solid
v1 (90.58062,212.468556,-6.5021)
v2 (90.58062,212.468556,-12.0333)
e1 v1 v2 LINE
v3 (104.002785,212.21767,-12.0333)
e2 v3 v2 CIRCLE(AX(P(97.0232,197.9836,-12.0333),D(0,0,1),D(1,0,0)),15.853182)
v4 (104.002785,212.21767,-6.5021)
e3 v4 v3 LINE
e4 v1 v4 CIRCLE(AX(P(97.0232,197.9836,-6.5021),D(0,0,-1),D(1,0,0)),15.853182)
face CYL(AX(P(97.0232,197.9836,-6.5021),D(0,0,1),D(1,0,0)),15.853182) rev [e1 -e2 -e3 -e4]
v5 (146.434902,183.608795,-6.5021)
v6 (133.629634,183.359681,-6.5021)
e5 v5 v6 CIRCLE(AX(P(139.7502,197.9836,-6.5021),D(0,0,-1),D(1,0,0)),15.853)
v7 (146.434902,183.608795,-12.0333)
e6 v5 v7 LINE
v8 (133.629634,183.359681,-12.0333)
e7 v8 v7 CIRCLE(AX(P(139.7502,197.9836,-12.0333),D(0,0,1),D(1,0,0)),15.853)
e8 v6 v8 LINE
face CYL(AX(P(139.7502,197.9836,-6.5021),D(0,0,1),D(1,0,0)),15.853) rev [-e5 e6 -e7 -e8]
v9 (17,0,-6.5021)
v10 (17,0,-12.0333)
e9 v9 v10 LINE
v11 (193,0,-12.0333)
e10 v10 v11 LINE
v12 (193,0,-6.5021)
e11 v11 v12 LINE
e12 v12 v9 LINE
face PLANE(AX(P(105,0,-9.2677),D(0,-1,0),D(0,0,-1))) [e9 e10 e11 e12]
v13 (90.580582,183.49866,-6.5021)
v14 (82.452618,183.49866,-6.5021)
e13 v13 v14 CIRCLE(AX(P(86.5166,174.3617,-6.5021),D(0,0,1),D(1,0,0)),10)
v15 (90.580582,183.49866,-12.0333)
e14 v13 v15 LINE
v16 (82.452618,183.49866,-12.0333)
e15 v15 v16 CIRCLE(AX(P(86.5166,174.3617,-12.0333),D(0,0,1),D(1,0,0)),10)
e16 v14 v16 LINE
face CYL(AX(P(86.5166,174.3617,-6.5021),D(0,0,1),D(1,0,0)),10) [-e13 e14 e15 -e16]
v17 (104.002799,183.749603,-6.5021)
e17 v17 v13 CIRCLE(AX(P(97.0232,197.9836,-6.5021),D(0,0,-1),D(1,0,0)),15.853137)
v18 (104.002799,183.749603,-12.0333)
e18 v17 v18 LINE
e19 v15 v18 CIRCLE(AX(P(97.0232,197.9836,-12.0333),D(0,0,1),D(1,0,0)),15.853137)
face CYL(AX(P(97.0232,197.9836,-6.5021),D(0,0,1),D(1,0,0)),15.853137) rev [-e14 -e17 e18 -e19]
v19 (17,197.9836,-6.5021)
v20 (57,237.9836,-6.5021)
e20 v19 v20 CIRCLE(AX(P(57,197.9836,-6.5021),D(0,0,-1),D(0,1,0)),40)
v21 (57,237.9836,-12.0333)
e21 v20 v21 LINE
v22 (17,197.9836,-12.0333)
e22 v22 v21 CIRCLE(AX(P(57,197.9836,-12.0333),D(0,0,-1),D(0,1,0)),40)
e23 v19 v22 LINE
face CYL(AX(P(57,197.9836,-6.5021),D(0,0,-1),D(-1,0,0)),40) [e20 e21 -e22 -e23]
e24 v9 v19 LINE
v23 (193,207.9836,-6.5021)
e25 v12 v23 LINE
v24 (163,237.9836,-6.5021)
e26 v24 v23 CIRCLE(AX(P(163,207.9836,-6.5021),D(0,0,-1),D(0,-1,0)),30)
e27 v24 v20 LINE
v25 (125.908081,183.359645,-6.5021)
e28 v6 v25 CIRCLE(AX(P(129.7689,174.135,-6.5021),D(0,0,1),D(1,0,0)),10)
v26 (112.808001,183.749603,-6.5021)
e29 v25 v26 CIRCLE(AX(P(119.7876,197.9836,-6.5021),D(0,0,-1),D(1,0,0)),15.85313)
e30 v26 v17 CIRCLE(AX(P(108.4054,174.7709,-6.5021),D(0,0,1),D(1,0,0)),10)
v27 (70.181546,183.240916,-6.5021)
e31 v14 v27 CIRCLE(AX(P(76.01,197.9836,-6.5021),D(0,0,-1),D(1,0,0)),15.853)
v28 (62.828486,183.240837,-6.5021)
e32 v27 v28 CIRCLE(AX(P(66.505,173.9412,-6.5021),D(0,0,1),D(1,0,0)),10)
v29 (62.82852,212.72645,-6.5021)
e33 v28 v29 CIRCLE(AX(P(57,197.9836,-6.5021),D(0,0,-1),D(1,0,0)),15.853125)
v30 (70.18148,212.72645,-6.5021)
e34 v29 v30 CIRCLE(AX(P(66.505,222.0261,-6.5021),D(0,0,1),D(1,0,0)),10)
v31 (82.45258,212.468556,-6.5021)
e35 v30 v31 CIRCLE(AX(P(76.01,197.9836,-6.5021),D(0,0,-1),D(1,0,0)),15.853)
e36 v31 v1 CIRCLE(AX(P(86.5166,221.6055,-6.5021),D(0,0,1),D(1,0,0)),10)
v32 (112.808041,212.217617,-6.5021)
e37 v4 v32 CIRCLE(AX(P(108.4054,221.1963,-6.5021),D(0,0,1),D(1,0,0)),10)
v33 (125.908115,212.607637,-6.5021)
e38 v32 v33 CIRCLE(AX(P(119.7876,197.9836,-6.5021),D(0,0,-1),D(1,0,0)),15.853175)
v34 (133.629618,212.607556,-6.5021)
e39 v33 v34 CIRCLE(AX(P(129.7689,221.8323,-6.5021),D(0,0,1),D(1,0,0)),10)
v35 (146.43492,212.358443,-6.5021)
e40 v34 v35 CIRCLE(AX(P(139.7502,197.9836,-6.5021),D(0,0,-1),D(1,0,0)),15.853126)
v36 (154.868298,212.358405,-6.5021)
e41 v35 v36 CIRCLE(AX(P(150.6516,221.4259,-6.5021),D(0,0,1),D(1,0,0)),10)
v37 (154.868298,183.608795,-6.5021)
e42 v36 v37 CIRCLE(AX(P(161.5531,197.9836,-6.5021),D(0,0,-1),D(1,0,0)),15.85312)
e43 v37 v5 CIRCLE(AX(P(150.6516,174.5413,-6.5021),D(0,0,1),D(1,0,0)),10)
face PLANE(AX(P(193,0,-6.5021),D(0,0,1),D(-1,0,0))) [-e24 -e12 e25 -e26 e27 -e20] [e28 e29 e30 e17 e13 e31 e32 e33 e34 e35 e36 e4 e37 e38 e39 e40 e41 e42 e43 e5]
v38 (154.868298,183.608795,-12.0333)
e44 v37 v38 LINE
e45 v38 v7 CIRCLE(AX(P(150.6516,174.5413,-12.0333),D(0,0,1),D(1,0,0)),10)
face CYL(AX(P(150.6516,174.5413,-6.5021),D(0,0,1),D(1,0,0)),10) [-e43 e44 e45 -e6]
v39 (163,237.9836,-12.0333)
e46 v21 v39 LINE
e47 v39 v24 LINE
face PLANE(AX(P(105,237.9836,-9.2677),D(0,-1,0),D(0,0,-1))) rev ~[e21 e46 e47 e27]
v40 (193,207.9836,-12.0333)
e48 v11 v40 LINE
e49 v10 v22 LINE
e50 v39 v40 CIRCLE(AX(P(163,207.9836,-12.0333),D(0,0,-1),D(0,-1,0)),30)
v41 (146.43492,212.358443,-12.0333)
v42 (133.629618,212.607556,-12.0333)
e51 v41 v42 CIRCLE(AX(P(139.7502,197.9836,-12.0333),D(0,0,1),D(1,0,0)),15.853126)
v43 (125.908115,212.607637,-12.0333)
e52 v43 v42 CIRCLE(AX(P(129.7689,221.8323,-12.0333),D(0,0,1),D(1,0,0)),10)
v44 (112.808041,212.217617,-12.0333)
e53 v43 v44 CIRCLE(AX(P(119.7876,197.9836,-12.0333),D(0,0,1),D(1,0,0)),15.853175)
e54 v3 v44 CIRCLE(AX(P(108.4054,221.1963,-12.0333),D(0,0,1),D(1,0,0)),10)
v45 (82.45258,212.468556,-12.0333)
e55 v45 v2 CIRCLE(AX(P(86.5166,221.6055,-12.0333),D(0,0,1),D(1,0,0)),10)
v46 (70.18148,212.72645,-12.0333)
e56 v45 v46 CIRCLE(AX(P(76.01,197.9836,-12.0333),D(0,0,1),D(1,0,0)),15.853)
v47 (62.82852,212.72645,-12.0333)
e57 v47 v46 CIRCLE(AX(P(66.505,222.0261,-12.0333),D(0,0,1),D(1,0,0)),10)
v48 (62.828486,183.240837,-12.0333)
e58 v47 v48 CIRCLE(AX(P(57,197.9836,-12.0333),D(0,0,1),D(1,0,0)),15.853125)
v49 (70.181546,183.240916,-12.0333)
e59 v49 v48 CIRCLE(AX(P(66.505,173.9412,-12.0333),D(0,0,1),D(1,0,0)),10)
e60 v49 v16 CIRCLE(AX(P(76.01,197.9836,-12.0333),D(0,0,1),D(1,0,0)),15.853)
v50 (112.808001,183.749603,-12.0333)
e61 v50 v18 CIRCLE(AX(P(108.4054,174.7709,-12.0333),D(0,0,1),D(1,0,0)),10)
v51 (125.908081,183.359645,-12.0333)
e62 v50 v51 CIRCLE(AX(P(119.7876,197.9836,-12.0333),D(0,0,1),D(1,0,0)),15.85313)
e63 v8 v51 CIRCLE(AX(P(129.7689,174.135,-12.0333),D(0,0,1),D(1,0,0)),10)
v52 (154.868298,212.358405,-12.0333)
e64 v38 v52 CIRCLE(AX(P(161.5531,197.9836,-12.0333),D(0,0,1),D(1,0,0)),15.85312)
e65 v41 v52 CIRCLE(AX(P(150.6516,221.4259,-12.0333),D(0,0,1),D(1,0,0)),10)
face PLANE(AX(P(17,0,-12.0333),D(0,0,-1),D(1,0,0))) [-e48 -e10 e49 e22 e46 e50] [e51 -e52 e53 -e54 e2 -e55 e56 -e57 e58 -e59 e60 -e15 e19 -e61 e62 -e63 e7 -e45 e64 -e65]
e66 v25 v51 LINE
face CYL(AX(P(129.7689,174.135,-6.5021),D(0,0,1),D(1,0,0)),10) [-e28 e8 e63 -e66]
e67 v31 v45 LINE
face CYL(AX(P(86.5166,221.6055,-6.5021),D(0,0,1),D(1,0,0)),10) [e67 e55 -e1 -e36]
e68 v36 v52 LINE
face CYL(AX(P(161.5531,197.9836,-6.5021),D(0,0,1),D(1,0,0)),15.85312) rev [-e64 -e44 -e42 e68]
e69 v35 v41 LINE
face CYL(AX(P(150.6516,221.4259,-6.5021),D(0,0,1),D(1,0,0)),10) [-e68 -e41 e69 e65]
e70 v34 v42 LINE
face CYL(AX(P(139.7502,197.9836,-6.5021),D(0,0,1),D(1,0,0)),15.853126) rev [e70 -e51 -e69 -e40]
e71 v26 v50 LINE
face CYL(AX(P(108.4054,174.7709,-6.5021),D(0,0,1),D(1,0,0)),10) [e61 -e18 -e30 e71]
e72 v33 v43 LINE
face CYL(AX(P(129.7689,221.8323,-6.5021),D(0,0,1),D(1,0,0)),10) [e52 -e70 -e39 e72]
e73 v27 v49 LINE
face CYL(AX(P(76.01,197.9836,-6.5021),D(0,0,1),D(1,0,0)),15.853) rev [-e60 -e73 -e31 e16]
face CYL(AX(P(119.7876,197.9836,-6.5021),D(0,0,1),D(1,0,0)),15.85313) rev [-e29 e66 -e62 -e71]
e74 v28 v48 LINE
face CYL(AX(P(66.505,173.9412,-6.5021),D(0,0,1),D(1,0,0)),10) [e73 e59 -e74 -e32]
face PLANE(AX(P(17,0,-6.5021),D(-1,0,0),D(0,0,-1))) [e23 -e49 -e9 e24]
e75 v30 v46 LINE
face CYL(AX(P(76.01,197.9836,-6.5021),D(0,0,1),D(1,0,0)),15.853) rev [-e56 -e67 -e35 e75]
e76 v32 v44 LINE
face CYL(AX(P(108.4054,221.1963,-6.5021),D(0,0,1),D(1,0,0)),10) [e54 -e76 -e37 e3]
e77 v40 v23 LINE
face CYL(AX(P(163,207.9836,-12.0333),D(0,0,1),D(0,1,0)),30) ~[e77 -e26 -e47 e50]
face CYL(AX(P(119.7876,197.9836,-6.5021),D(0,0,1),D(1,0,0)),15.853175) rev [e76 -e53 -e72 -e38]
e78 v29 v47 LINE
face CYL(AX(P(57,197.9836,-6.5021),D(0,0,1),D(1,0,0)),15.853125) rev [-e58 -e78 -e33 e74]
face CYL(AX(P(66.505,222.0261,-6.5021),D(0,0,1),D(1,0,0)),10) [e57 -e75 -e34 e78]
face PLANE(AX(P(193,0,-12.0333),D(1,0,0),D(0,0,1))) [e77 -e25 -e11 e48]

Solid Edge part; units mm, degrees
sketch "Sketch1" plane through (0, 0, 0) normal (0, -1, 0) x (1, 0, 0)
  line L0 (17, -12.0333) -> (193, -12.0333)
  line L1 (193, -12.0333) -> (193, -6.5021)
  line L2 (193, -6.5021) -> (17, -6.5021)
  line L3 (17, -6.5021) -> (17, -12.0333)
extrude "Protrusion1" add sketch "Sketch1" against normal blind 237.9836
fillet "Round_1" radius 40 1 edges at (17, 237.9836, -9.2677)
fillet "Round_1" radius 30 1 edges at (193, 237.9836, -9.2677)
sketch "Sketch2" plane through (105, 118.9918, -6.5021) normal (0, 0, 1) x (1, 0, 0)
  arc A0 (28.6296, 93.6158) -> (41.4349, 93.3666) centre (34.7502, 78.9918) cw
  arc A1 (41.4349, 93.3666) -> (49.8683, 93.3666) centre (45.6516, 102.4341) ccw
  arc A2 (49.8683, 64.617) -> (41.4349, 64.617) centre (45.6516, 55.5495) ccw
  arc A3 (28.6296, 64.3678) -> (20.9081, 64.3678) centre (24.7689, 55.1432) ccw
  arc A4 (7.808, 64.7578) -> (-0.9972, 64.7578) centre (3.4054, 55.7791) ccw
  arc A5 (-14.4194, 64.5069) -> (-22.5474, 64.5069) centre (-18.4834, 55.3699) ccw
  arc A6 (-22.5474, 64.5069) -> (-34.8185, 64.249) centre (-28.99, 78.9918) cw
  arc A7 (-34.8185, 64.249) -> (-42.1715, 64.249) centre (-38.495, 54.9494) ccw
  arc A8 (-42.1715, 93.7346) -> (-34.8185, 93.7346) centre (-38.495, 103.0343) ccw
  arc A9 (-22.5474, 93.4768) -> (-14.4194, 93.4768) centre (-18.4834, 102.6137) ccw
  arc A10 (-14.4194, 93.4768) -> (-0.9972, 93.2259) centre (-7.9768, 78.9918) cw
  arc A11 (-0.9972, 93.2259) -> (7.808, 93.2259) centre (3.4054, 102.2045) ccw
  arc A12 (7.808, 93.2259) -> (20.9081, 93.6158) centre (14.7876, 78.9918) cw
  arc A13 (20.9081, 93.6158) -> (28.6296, 93.6158) centre (24.7689, 102.8405) ccw
  arc A14 (49.8683, 93.3666) -> (49.8683, 64.617) centre (56.5531, 78.9918) cw
  arc A15 (41.4349, 64.617) -> (28.6296, 64.3679) centre (34.7502, 78.9918) cw
  arc A16 (20.9081, 64.3678) -> (7.808, 64.7578) centre (14.7876, 78.9918) cw
  arc A17 (-0.9972, 64.7578) -> (-14.4194, 64.5068) centre (-7.9768, 78.9918) cw
  arc A18 (-42.1715, 64.249) -> (-42.1715, 93.7346) centre (-48, 78.9918) cw
  arc A19 (-34.8185, 93.7346) -> (-22.5474, 93.4767) centre (-28.99, 78.9918) cw
extrude "Cutout1" cut sketch "Sketch2" against normal up to vertex (79.4979 mm away)
